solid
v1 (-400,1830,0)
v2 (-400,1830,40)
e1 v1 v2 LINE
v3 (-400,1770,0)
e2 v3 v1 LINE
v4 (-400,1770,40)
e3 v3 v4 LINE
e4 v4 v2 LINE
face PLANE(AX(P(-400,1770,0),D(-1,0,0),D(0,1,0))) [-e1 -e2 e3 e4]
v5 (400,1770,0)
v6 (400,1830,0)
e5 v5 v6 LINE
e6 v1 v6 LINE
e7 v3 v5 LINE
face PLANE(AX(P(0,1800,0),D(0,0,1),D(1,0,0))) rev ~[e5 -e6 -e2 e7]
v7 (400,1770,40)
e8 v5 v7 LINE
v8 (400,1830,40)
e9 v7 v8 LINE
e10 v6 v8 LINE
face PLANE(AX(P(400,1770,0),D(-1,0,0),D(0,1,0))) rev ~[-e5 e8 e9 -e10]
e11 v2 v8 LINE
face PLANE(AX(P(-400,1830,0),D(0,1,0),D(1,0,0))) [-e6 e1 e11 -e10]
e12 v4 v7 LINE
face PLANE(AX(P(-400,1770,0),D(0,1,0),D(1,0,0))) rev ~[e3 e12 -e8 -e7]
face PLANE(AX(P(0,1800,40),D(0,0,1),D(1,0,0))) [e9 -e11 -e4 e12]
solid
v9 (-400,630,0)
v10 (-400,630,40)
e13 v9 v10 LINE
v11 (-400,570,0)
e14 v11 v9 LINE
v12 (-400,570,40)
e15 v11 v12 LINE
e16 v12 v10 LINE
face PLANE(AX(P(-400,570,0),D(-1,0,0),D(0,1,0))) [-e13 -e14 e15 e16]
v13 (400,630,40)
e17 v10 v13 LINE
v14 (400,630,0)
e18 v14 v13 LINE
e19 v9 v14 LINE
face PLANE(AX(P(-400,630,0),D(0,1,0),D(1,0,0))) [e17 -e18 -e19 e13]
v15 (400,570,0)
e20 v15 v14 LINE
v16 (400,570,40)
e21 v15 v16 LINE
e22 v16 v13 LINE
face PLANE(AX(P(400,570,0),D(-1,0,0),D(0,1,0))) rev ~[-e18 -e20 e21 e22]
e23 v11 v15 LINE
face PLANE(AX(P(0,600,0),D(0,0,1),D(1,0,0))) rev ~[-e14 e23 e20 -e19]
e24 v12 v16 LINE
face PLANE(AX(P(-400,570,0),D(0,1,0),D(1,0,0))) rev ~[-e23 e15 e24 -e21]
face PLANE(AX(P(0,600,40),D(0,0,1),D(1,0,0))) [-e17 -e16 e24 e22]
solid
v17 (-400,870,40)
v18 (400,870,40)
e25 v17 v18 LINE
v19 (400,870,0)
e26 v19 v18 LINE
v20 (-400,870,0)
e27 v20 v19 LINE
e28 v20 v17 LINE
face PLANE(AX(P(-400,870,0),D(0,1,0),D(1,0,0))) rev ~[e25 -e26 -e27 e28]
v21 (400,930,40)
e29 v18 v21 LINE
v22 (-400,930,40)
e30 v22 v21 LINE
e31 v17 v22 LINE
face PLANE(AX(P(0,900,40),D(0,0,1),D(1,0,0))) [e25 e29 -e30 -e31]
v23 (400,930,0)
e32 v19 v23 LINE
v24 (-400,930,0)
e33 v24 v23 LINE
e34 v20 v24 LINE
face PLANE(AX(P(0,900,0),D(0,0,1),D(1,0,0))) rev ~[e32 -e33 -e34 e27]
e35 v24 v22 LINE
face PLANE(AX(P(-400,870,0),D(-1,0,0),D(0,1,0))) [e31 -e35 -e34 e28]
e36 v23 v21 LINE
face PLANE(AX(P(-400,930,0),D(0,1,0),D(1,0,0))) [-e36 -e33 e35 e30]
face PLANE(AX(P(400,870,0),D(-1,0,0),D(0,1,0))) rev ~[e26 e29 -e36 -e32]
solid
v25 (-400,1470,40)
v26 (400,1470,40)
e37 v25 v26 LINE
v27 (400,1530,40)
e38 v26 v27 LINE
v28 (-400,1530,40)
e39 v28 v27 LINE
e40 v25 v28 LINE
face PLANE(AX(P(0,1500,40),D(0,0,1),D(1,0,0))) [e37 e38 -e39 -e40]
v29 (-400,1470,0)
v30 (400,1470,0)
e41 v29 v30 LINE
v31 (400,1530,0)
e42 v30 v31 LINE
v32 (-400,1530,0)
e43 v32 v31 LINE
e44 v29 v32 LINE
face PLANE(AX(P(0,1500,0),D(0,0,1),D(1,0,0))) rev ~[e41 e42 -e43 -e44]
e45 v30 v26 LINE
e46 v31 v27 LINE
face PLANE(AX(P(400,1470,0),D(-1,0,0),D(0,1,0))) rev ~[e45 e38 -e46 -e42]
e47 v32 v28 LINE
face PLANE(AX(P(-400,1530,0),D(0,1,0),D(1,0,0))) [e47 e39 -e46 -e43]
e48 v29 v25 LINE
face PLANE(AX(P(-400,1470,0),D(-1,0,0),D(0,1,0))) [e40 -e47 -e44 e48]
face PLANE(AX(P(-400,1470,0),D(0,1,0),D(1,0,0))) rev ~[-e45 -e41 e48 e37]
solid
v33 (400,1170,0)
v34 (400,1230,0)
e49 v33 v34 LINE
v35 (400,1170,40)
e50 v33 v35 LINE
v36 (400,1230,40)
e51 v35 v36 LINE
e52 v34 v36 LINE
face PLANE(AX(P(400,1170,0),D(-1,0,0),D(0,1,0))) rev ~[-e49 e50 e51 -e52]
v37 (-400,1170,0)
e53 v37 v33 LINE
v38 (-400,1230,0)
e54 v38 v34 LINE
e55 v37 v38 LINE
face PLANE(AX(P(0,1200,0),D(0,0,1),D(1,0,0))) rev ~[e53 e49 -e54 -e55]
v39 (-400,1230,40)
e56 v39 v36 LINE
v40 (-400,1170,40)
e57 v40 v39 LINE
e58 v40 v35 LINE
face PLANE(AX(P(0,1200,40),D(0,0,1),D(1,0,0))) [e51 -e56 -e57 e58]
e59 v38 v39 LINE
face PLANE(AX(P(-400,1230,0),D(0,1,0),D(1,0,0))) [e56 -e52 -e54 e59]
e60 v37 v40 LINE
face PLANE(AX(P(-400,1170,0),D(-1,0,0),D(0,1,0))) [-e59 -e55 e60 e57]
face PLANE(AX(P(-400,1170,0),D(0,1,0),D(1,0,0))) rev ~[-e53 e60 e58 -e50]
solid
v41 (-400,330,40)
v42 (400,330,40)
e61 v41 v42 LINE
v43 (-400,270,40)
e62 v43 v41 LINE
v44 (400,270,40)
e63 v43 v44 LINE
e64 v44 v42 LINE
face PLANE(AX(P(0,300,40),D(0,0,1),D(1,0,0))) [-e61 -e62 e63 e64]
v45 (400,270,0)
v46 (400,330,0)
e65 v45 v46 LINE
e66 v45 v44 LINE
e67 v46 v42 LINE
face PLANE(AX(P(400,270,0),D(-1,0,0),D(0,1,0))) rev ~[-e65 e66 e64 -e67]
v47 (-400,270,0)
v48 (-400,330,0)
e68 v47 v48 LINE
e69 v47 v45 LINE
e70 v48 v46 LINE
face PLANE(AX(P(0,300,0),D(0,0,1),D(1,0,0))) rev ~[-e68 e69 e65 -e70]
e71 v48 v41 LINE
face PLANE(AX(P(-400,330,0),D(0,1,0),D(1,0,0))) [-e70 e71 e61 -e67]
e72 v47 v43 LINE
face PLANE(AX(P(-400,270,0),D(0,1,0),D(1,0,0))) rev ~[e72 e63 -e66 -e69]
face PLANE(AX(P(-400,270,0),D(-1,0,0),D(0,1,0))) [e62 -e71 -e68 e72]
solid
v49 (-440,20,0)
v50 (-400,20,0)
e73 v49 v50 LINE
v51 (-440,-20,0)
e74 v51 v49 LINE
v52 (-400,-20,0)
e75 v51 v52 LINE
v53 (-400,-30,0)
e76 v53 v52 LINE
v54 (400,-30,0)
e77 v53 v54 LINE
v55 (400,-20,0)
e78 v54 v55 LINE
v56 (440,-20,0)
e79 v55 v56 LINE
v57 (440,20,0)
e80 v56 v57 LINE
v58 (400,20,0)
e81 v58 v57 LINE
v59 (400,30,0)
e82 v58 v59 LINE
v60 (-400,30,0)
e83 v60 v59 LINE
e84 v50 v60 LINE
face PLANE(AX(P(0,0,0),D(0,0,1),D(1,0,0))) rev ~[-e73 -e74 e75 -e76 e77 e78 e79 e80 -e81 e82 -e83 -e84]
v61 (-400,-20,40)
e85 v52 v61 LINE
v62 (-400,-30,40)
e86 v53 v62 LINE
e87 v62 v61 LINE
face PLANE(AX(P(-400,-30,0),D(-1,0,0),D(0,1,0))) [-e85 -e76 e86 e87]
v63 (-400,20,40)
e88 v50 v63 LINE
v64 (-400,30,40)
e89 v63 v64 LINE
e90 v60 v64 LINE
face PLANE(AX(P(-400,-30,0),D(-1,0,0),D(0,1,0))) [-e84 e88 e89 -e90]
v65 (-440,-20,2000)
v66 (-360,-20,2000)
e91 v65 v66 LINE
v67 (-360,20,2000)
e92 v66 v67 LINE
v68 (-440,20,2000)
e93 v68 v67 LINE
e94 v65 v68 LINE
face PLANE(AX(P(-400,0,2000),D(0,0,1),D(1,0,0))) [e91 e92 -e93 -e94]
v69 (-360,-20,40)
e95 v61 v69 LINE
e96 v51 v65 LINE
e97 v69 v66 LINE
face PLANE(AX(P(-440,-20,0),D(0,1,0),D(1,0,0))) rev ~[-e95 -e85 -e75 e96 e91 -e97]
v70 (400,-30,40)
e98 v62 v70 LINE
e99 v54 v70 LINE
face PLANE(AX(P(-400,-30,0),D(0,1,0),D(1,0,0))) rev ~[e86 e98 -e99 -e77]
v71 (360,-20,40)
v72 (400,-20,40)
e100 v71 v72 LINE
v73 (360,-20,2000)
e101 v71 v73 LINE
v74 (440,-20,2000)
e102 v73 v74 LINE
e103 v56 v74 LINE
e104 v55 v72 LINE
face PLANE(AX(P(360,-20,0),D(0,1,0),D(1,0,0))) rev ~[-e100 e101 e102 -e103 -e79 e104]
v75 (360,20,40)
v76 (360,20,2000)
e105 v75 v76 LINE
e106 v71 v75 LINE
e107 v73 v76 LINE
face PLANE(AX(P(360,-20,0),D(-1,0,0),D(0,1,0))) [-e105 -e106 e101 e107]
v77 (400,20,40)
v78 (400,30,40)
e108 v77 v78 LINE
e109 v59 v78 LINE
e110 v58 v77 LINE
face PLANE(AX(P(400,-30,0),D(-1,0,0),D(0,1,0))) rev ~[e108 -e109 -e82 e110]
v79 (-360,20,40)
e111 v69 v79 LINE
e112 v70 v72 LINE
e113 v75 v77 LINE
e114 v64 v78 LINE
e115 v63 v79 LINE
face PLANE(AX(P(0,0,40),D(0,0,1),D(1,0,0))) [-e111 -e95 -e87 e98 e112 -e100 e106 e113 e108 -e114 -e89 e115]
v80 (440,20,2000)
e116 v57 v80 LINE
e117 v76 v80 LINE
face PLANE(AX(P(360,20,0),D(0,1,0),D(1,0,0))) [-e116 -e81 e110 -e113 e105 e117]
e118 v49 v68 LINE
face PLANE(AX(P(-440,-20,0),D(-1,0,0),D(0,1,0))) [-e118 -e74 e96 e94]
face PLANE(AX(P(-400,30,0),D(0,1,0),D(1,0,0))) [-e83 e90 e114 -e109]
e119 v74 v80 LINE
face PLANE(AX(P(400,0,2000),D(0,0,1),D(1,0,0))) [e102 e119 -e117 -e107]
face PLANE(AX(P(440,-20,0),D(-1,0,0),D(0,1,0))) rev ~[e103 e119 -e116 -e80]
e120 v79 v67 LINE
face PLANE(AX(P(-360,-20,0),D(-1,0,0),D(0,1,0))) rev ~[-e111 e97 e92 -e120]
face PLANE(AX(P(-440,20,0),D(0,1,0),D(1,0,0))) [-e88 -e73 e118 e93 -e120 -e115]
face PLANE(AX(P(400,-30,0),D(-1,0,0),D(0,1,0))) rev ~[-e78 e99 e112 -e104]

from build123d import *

# Parameters (mm, degrees)
SKETCH_1_W      = 80
SKETCH_1_H      = 40
EXTRUDE_1_DEPTH = 2000
SKETCH_2_W      = 80
SKETCH_2_H      = 40
EXTRUDE_2_DEPTH = 2000
SKETCH_3_W      = 800
SKETCH_3_H      = 60
EXTRUDE_3_DEPTH = 40
SKETCH_4_W      = 800
SKETCH_4_H      = 60
EXTRUDE_4_DEPTH = 40
SKETCH_5_W      = 800
SKETCH_5_H      = 60
EXTRUDE_5_DEPTH = 40
SKETCH_6_W      = 800
SKETCH_6_H      = 60
EXTRUDE_6_DEPTH = 40
SKETCH_7_W      = 800
SKETCH_7_H      = 60
EXTRUDE_7_DEPTH = 40
SKETCH_8_W      = 800
SKETCH_8_H      = 60
EXTRUDE_8_DEPTH = 40
SKETCH_9_W      = 800
SKETCH_9_H      = 60
EXTRUDE_9_DEPTH = 40


with BuildPart() as part:
    # 草图1 → 凸台-拉伸1 (new body)
    with BuildSketch(Plane.XY):
        with Locations((-400, 0)):
            Rectangle(SKETCH_1_W, SKETCH_1_H)
    extrude(amount=EXTRUDE_1_DEPTH)



with BuildPart() as body_2:
    # 草图2 → 凸台-拉伸2 (new body)
    with BuildSketch(Plane.XY):
        with Locations((400, 0)):
            Rectangle(SKETCH_2_W, SKETCH_2_H)
    extrude(amount=EXTRUDE_2_DEPTH)


with BuildPart() as part_1:
    add(part.part)

    add(body_2.part)  # 凸台-拉伸3 merges body 2
    # 草图3 → 凸台-拉伸3 (add)
    with BuildSketch(Plane.XY):
        Rectangle(SKETCH_3_W, SKETCH_3_H)
    extrude(amount=EXTRUDE_3_DEPTH)


with BuildPart() as body_2_2:
    # 草图4 → 凸台-拉伸4 (new body)
    with BuildSketch(Plane.XY):
        with Locations((0, 300)):
            Rectangle(SKETCH_4_W, SKETCH_4_H)
    extrude(amount=EXTRUDE_4_DEPTH)


with BuildPart() as body_3:
    # 草图5 → 凸台-拉伸5 (new body)
    with BuildSketch(Plane.XY):
        with Locations((0, 600)):
            Rectangle(SKETCH_5_W, SKETCH_5_H)
    extrude(amount=EXTRUDE_5_DEPTH)


with BuildPart() as body_4:
    # 草图6 → 凸台-拉伸6 (new body)
    with BuildSketch(Plane.XY):
        with Locations((0, 900)):
            Rectangle(SKETCH_6_W, SKETCH_6_H)
    extrude(amount=EXTRUDE_6_DEPTH)


with BuildPart() as body_5:
    # 草图7 → 凸台-拉伸7 (new body)
    with BuildSketch(Plane.XY):
        with Locations((0, 1200)):
            Rectangle(SKETCH_7_W, SKETCH_7_H)
    extrude(amount=EXTRUDE_7_DEPTH)


with BuildPart() as body_6:
    # 草图8 → 凸台-拉伸8 (new body)
    with BuildSketch(Plane.XY):
        with Locations((0, 1500)):
            Rectangle(SKETCH_8_W, SKETCH_8_H)
    extrude(amount=EXTRUDE_8_DEPTH)


with BuildPart() as body_7:
    # 草图9 → 凸台-拉伸9 (new body)
    with BuildSketch(Plane.XY):
        with Locations((0, 1800)):
            Rectangle(SKETCH_9_W, SKETCH_9_H)
    extrude(amount=EXTRUDE_9_DEPTH)


solid = Compound([part_1.part, body_2_2.part, body_3.part, body_4.part, body_5.part, body_6.part, body_7.part])
